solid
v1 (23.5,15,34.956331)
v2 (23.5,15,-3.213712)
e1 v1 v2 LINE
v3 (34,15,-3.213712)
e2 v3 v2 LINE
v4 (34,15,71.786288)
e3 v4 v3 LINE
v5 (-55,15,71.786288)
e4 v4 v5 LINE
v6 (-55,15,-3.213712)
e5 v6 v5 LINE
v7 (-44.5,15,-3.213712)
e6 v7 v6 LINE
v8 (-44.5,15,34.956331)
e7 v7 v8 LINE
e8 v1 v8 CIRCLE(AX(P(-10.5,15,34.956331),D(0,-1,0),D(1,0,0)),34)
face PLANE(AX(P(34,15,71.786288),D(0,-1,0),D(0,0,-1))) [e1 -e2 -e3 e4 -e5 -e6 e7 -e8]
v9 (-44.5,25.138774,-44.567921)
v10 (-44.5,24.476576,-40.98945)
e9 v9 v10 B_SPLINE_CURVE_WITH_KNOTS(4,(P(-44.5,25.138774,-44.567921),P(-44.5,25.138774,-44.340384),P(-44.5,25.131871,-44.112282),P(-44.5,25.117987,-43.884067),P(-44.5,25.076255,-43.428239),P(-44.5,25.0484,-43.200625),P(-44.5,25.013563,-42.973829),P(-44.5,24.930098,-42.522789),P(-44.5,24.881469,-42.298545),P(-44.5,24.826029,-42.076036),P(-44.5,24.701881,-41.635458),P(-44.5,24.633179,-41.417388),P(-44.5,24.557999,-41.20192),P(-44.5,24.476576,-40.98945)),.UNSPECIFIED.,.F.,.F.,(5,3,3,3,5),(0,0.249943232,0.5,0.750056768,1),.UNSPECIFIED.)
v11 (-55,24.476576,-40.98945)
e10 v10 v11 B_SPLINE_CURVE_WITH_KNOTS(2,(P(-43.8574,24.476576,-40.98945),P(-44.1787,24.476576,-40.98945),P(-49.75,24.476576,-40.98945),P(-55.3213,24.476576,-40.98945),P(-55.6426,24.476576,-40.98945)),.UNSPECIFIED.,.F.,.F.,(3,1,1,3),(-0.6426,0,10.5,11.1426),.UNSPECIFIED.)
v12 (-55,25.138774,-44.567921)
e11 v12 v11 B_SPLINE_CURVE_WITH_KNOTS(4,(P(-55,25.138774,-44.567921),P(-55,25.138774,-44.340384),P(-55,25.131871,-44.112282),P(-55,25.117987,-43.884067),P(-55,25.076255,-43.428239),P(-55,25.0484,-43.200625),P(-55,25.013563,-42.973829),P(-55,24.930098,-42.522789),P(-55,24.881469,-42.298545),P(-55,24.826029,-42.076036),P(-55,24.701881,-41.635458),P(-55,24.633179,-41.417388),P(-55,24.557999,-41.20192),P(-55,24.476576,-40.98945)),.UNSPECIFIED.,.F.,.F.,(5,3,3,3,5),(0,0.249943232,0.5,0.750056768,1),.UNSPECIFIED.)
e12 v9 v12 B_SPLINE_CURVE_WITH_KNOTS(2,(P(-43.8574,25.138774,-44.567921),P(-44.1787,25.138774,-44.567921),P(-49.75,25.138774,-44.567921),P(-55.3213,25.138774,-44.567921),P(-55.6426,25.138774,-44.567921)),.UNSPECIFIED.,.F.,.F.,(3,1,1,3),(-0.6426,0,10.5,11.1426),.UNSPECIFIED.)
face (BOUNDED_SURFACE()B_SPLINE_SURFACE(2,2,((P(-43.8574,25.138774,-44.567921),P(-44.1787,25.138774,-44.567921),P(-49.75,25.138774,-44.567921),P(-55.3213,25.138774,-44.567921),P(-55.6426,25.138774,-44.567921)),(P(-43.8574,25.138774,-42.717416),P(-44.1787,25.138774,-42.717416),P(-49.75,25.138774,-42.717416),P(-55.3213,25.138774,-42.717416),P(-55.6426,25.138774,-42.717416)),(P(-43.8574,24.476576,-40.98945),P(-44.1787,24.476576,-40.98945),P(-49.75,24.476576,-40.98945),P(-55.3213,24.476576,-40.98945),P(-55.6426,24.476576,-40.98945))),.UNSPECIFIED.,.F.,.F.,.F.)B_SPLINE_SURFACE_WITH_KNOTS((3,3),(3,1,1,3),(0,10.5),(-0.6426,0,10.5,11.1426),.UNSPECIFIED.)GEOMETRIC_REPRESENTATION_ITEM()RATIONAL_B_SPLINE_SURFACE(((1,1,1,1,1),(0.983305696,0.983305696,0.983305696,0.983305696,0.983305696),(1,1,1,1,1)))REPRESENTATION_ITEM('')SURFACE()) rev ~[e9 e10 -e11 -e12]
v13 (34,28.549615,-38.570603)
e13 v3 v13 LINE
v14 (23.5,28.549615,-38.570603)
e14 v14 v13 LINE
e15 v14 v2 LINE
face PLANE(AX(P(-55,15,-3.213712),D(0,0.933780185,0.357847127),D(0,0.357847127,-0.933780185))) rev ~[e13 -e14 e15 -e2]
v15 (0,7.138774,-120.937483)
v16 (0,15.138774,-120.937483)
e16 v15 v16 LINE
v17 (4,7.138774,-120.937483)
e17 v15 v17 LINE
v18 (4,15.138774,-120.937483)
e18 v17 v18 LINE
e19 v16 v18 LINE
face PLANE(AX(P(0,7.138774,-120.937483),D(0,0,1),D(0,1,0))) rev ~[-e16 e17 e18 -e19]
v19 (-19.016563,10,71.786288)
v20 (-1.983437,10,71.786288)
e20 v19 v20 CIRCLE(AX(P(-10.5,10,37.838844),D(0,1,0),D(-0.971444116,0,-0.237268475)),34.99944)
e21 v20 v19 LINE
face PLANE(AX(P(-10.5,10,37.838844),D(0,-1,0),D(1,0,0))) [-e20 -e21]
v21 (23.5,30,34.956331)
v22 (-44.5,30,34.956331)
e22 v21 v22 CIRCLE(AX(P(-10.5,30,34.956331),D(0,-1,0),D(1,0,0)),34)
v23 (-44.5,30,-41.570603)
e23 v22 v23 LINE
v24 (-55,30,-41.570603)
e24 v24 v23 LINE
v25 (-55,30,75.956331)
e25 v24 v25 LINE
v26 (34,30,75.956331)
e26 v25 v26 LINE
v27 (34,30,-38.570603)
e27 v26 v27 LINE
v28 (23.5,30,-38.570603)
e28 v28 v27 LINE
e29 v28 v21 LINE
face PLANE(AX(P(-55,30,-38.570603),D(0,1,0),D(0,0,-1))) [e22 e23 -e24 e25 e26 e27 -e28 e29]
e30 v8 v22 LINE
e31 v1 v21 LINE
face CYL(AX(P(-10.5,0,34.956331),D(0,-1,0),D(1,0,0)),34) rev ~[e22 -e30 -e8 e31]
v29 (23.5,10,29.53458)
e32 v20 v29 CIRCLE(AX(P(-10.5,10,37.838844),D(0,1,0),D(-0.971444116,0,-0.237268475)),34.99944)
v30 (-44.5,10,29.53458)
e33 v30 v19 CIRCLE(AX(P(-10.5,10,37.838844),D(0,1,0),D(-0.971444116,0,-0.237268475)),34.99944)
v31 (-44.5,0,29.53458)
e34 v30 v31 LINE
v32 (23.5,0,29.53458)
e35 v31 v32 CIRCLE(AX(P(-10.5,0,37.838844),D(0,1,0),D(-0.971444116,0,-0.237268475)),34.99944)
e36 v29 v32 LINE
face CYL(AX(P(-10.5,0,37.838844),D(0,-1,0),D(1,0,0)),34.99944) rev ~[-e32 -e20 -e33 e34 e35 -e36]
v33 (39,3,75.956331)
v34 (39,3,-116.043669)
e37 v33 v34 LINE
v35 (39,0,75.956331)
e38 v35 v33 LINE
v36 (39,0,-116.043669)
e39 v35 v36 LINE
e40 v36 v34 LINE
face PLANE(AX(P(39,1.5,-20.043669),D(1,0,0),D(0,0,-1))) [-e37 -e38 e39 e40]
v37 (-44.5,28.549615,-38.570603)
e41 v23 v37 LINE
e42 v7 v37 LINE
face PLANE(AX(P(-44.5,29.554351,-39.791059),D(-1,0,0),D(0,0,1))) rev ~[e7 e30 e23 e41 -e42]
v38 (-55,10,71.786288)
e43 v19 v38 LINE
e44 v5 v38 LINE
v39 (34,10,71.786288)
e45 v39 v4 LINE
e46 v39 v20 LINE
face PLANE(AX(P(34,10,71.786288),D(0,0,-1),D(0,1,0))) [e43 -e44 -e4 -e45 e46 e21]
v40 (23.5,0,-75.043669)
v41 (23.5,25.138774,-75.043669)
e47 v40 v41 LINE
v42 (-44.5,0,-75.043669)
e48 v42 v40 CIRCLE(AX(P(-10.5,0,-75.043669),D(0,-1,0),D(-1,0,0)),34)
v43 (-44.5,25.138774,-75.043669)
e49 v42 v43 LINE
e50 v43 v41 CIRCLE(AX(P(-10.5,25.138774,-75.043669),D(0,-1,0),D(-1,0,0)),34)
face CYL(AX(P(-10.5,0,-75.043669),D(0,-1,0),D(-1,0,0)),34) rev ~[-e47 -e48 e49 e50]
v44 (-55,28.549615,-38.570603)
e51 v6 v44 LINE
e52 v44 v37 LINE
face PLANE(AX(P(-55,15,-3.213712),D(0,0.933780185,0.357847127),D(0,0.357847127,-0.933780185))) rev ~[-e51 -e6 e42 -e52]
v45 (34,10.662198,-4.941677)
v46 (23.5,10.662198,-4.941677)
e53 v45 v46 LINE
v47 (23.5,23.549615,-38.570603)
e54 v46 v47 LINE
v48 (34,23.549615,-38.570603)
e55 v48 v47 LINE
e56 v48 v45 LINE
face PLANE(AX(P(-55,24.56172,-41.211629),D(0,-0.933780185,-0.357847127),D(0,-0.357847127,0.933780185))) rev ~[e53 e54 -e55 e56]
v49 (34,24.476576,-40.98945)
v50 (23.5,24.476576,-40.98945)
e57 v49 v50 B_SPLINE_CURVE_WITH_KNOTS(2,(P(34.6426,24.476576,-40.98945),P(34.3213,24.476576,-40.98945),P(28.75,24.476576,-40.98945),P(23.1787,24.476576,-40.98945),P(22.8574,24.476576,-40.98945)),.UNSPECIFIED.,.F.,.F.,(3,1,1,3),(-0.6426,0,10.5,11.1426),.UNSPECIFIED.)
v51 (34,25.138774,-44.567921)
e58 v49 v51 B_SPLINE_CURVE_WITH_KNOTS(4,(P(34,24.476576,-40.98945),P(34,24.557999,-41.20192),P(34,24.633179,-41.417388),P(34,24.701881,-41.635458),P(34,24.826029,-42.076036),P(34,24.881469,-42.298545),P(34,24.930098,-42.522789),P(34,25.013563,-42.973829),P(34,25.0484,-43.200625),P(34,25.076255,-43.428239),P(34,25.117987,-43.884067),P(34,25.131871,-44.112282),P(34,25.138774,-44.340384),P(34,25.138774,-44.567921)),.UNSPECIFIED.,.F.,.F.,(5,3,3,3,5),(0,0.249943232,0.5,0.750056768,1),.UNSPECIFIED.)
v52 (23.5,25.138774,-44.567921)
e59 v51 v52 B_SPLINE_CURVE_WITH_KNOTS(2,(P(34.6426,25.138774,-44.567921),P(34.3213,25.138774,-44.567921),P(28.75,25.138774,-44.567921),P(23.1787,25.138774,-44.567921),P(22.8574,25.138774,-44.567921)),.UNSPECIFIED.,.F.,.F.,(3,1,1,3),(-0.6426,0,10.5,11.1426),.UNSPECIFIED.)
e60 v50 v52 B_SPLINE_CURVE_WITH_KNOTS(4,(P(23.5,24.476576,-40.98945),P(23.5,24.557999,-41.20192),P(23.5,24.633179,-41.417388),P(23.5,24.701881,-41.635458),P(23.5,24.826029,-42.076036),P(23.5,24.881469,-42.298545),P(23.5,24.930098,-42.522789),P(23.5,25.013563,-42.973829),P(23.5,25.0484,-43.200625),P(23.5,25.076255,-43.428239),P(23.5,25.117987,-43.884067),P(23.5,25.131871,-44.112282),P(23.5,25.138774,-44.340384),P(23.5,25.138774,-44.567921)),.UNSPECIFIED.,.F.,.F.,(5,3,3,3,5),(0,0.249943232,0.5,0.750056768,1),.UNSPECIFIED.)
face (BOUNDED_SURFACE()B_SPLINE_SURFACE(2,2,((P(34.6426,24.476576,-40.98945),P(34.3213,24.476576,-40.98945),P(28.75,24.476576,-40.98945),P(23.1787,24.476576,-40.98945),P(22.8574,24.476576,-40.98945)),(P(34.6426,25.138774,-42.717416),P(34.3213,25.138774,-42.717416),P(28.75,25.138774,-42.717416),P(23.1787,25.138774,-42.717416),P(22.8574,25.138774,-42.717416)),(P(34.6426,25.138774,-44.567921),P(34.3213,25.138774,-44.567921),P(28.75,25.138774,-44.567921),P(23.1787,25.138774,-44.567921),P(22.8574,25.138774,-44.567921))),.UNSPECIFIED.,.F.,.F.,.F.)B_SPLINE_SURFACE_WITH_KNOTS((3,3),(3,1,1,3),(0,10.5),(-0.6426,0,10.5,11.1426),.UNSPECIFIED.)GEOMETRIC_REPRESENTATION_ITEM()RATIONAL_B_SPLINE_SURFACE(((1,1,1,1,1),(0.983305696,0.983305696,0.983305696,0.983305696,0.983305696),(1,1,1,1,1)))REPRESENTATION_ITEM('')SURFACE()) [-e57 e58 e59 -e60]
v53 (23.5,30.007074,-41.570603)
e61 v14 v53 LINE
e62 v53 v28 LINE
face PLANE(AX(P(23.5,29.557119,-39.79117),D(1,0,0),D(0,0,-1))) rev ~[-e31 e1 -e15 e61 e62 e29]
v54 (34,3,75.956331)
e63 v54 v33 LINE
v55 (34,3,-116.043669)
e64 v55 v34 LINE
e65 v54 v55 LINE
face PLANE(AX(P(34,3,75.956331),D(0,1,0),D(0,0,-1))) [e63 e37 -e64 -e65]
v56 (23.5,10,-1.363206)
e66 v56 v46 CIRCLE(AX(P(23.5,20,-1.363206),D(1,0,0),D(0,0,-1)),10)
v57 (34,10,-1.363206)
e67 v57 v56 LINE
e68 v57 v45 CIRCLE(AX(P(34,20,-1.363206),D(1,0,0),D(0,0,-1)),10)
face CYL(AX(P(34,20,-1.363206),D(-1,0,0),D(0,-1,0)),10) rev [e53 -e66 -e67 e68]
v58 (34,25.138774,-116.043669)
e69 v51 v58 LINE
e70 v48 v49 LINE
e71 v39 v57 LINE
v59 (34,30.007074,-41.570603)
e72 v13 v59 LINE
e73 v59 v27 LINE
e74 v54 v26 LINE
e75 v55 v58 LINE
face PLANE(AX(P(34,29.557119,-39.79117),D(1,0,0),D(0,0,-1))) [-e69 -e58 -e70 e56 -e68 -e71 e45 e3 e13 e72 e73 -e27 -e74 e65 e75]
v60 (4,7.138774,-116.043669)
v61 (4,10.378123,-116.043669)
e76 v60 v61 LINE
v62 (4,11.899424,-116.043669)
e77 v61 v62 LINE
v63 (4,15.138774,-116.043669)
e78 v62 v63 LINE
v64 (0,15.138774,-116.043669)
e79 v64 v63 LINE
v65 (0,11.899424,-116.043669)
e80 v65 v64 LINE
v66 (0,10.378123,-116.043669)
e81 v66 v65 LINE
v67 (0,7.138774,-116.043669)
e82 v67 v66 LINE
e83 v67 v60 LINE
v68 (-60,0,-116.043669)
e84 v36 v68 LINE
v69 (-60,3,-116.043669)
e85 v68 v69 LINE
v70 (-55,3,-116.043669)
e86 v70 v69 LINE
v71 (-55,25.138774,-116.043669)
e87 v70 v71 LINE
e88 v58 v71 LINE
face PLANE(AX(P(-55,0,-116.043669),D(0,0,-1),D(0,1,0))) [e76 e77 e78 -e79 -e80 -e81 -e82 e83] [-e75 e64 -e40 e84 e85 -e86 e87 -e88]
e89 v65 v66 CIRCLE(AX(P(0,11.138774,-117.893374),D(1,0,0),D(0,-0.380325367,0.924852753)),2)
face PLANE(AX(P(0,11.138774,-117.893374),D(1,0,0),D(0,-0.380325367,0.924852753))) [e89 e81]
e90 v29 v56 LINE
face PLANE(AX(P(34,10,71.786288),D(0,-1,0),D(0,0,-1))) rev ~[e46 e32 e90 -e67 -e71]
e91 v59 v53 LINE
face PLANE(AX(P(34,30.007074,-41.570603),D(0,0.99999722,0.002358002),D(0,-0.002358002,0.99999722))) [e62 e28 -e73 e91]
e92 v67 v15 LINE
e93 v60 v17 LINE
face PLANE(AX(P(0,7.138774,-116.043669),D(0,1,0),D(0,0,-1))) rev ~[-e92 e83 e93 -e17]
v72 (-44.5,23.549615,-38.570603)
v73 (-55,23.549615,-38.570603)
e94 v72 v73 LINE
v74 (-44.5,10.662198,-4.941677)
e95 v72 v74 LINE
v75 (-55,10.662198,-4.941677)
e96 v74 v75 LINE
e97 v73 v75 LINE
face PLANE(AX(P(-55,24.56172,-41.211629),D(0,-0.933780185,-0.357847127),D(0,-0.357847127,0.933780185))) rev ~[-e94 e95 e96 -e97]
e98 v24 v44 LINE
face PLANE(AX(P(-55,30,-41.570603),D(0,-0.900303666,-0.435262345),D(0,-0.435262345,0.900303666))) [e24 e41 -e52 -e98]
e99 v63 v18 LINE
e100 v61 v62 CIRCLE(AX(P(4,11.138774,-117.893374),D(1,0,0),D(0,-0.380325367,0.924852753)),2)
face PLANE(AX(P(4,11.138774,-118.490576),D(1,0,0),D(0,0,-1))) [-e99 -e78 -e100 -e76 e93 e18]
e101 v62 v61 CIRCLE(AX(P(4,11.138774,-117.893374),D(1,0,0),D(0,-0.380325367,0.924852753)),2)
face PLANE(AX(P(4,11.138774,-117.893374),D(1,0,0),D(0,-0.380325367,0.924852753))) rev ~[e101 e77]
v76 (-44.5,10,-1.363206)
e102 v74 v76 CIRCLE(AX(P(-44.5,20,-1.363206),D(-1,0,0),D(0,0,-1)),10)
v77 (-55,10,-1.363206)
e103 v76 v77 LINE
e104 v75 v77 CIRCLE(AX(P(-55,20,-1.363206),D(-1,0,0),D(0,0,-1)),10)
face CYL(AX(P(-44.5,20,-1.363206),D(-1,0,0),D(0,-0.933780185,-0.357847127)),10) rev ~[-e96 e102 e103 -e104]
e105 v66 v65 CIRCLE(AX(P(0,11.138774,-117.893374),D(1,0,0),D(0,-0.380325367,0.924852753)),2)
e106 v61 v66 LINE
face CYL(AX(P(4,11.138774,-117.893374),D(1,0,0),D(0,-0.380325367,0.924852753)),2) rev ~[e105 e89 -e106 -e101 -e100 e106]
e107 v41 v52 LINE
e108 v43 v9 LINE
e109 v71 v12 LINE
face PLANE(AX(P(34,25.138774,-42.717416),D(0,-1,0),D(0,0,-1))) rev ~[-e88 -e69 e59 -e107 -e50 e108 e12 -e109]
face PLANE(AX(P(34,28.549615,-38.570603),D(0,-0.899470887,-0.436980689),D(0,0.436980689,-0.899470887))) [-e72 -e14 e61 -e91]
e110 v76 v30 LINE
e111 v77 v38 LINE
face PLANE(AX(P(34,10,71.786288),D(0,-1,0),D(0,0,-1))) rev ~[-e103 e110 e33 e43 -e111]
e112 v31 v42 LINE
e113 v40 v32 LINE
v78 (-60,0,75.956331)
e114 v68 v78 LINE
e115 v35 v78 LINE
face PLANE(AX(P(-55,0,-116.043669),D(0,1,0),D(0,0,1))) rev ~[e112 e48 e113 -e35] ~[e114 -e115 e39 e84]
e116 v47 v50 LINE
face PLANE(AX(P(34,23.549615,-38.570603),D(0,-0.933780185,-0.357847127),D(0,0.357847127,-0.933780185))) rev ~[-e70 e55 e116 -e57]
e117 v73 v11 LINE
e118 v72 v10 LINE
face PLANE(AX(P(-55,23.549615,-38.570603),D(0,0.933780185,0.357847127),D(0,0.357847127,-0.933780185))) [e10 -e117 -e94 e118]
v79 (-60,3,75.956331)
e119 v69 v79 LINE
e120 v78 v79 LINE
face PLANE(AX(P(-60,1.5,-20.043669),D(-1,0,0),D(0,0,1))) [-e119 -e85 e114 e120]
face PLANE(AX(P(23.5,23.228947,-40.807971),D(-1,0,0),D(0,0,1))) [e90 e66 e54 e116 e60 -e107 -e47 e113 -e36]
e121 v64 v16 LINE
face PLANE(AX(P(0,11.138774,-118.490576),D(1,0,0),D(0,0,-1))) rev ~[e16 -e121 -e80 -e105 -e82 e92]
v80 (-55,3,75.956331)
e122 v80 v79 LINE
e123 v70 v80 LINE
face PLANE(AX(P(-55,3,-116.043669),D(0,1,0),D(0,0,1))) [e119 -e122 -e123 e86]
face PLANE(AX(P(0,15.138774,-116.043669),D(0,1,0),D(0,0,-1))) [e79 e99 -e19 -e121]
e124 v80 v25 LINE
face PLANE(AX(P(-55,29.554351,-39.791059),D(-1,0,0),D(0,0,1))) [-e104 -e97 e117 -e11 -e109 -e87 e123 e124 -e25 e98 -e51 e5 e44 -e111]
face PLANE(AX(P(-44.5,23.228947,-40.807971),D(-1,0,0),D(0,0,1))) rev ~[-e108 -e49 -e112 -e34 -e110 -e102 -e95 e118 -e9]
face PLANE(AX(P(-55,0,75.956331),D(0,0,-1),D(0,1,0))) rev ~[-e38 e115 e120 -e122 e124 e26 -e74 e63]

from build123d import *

# Parameters (mm, degrees)
SKETCH1_W            = 89
SKETCH1_H            = 192
BOSS_EXTRUDE1_DEPTH  = 30
SKETCH2_R            = 34.99943994
CUT_EXTRUDE1_DEPTH   = 10
SKETCH3_W            = 75
SKETCH3_H            = 5
CUT_EXTRUDE2_DEPTH   = 102
CUT_EXTRUDE4_DEPTH   = 102
SKETCH6_W            = 10.5
SKETCH6_H            = 4
CUT_EXTRUDE7_DEPTH   = 8
BOSS_EXTRUDE2_DEPTH  = 10.5
CUT_EXTRUDE8_DEPTH   = 20.767757578
BOSS_EXTRUDE3_DEPTH  = 10.5
CUT_EXTRUDE9_DEPTH   = 22.812544275
BOSS_EXTRUDE6_DEPTH  = 10.5
BOSS_EXTRUDE7_DEPTH  = 10.5
FILLET1_R            = 10
FILLET2_R            = 10
FILLET3_R            = 10
FILLET4_R            = 10
CUT_EXTRUDE11_DEPTH  = 99
SKETCH15_W           = 7.554212703
SKETCH15_H           = 3.259234926
CUT_EXTRUDE12_DEPTH  = 99
FILLET5_R            = 10
SKETCH16_W           = 4.893814379
SKETCH16_H           = 8
BOSS_EXTRUDE8_DEPTH  = 4
SKETCH17_R           = 2
CUT_EXTRUDE13_DEPTH  = 4
SKETCH18_W           = 192
SKETCH18_H           = 3
BOSS_EXTRUDE9_DEPTH  = 5
SKETCH19_W           = 192
SKETCH19_H           = 3
BOSS_EXTRUDE10_DEPTH = 5


with BuildPart() as part:
    # Sketch1 → Boss-Extrude1 (new body)
    with BuildSketch(Plane(origin=(0, 0, 0), x_dir=(1, 0, 0), z_dir=(0, 1, 0))):
        with Locations((-10.5, 20.043668932)):
            Rectangle(SKETCH1_W, SKETCH1_H)
        with BuildLine():
            Line((-44.5, -34.956331068), (-44.5, 75.043668932))
            ThreePointArc((-44.5, 75.043668932), (-10.5, 109.043668932), (23.5, 75.043668932))
            Line((23.5, 75.043668932), (23.5, -34.956331068))
            ThreePointArc((23.5, -34.956331068), (-10.5, -68.956331068), (-44.5, -34.956331068))
        make_face(mode=Mode.SUBTRACT)
    extrude(amount=BOSS_EXTRUDE1_DEPTH)

    # Sketch2 → Cut-Extrude1 (cut)
    with BuildSketch(Plane.XZ):
        with Locations((-10.5, 37.838844027)):
            Circle(SKETCH2_R)
    extrude(amount=-CUT_EXTRUDE1_DEPTH, mode=Mode.SUBTRACT)

    # Sketch3 → Cut-Extrude2 (cut)
    with BuildSketch(Plane(origin=(34, 0, 0), x_dir=(0, 0, -1), z_dir=(1, 0, 0))):
        with Locations((-34.286288065, 12.5)):
            Rectangle(SKETCH3_W, SKETCH3_H)
    extrude(amount=-CUT_EXTRUDE2_DEPTH, mode=Mode.SUBTRACT)

    # Sketch4 → Cut-Extrude4 (cut)
    with BuildSketch(Plane.ZY.offset(55)):
        Polygon((-40.970715348, 29.469395922), (-41.211628541, 24.561719678), (-3.213711935, 10), (-3.213711935, 15), align=None)
    extrude(amount=-CUT_EXTRUDE4_DEPTH, mode=Mode.SUBTRACT)

    # Sketch6 → Cut-Extrude7 (cut)
    with BuildSketch(Plane(origin=(0, 30, 0), x_dir=(1, 0, 0), z_dir=(0, 1, 0))):
        with Locations((-49.75, 40.570603007)):
            Rectangle(SKETCH6_W, SKETCH6_H)
        with Locations((28.75, 40.570603007)):
            Rectangle(SKETCH6_W, SKETCH6_H)
    extrude(amount=-CUT_EXTRUDE7_DEPTH, mode=Mode.SUBTRACT)

    # Sketch7 → Boss-Extrude2 (add)
    with BuildSketch(Plane.ZY.offset(55)):
        Polygon((-38.570603007, 23.549614886), (-42.570603007, 25.082511526), (-42.570603007, 22), (-38.570603007, 22), align=None)
    extrude(amount=-BOSS_EXTRUDE2_DEPTH)

    # Sketch8 → Cut-Extrude8 (cut)
    with BuildSketch(Plane.ZY.offset(55)):
        Polygon((-42.570603007, 25.082511526), (-55.402488324, 30), (-42.570603007, 30), align=None)
    extrude(amount=-CUT_EXTRUDE8_DEPTH, mode=Mode.SUBTRACT)

    # Sketch9 → Boss-Extrude3 (add)
    with BuildSketch(Plane(origin=(34, 0, 0), x_dir=(0, 0, -1), z_dir=(1, 0, 0))):
        Polygon((38.570603007, 23.549614886), (42.570603007, 25.082511526), (42.570603007, 22), (38.570603007, 22), align=None)
    extrude(amount=-BOSS_EXTRUDE3_DEPTH)

    # Sketch10 → Cut-Extrude9 (cut)
    with BuildSketch(Plane(origin=(34, 0, 0), x_dir=(0, 0, -1), z_dir=(1, 0, 0))):
        Polygon((42.570603007, 25.082511526), (55.402488324, 30), (42.570603007, 30), align=None)
    extrude(amount=-CUT_EXTRUDE9_DEPTH, mode=Mode.SUBTRACT)

    # Sketch12 → Boss-Extrude6 (add)
    with BuildSketch(Plane.ZY.offset(55)):
        Polygon((-38.570603007, 30), (-41.570603007, 30), (-38.570603007, 28.549614886), align=None)
    extrude(amount=-BOSS_EXTRUDE6_DEPTH)

    # Sketch11 → Boss-Extrude7 (add)
    with BuildSketch(Plane(origin=(34, 0, 0), x_dir=(0, 0, -1), z_dir=(1, 0, 0))):
        Polygon((38.570603007, 28.549614886), (41.570603007, 30.007074027), (38.570603007, 30), align=None)
    extrude(amount=-BOSS_EXTRUDE7_DEPTH)

    # Fillet1
    fillet1_edges = [part.edges().sort_by_distance(p)[0] for p in [
        (-49.75, 30, -55.402488324),
    ]]
    fillet(fillet1_edges, radius=FILLET1_R)

    # Fillet2
    fillet2_edges = [part.edges().sort_by_distance(p)[0] for p in [
        (28.75, 30, -55.402488324),
    ]]
    fillet(fillet2_edges, radius=FILLET2_R)

    # Fillet3
    fillet3_edges = [part.edges().sort_by_distance(p)[0] for p in [
        (-49.75, 10, -3.213711935),
    ]]
    fillet(fillet3_edges, radius=FILLET3_R)

    # Fillet4
    fillet4_edges = [part.edges().sort_by_distance(p)[0] for p in [
        (28.75, 10, -3.213711935),
    ]]
    fillet(fillet4_edges, radius=FILLET4_R)

    # Sketch14 → Cut-Extrude11 (cut)
    with BuildSketch(Plane(origin=(34, 0, 0), x_dir=(0, 0, -1), z_dir=(1, 0, 0))):
        Polygon((42.717415751, 25.138773717), (116.043668932, 25.138773717), (116.043668932, 30), (57.252994033, 30), (53.674522762, 29.337801849), align=None)
    extrude(amount=-CUT_EXTRUDE11_DEPTH, mode=Mode.SUBTRACT)


with BuildPart() as cut_extrude11_piece_1:
    # of the separate pieces the step leaves, piece 1, a body of its own (cut_extrude11_pieces)
    add(part.part.solids().sort_by_distance((23.5, 25.138773717, -42.717415751))[0])

    # Fillet5
    fillet5_edges = [cut_extrude11_piece_1.edges().sort_by_distance(p)[0] for p in [
        (-49.75, 25.138773717, -42.717415751),
        (28.75, 25.138773717, -42.717415751),
    ]]
    fillet(fillet5_edges, radius=FILLET5_R)

    # Sketch16 → Boss-Extrude8 (add)
    with BuildSketch(Plane(origin=(0, 0, 0), x_dir=(0, 0, -1), z_dir=(1, 0, 0))):
        with Locations((118.490576121, 11.138773717)):
            Rectangle(SKETCH16_W, SKETCH16_H)
    extrude(amount=BOSS_EXTRUDE8_DEPTH)

    # Sketch17 → Cut-Extrude13 (cut)
    with BuildSketch(Plane(origin=(4, 0, 0), x_dir=(0, 0, -1), z_dir=(1, 0, 0))):
        with Locations(Location((117.893374439, 11.138773717, 0), (0, 0, 202.353838102))):
            Circle(SKETCH17_R)
    extrude(amount=-CUT_EXTRUDE13_DEPTH, mode=Mode.SUBTRACT)

    # Sketch18 → Boss-Extrude9 (add)
    with BuildSketch(Plane(origin=(34, 0, 0), x_dir=(0, 0, -1), z_dir=(1, 0, 0))):
        with Locations((20.043668932, 1.5)):
            Rectangle(SKETCH18_W, SKETCH18_H)
    extrude(amount=BOSS_EXTRUDE9_DEPTH)

    # Sketch19 → Boss-Extrude10 (add)
    with BuildSketch(Plane.ZY.offset(55)):
        with Locations((-20.043668932, 1.5)):
            Rectangle(SKETCH19_W, SKETCH19_H)
    extrude(amount=BOSS_EXTRUDE10_DEPTH)


with BuildPart() as cut_extrude11_piece_2:
    # of the separate pieces the step leaves, piece 2, a body of its own (cut_extrude11_pieces)
    add(part.part.solids().sort_by_distance((23.5, 30, -57.252994033))[0])


with BuildPart() as cut_extrude11_piece_3:
    # of the separate pieces the step leaves, piece 3, a body of its own (cut_extrude11_pieces)
    add(part.part.solids().sort_by_distance((-55, 30, -57.252994033))[0])


with BuildPart() as cut_extrude12_tool:
    # Sketch15 → Cut-Extrude12 (new body)
    with BuildSketch(Plane(origin=(34, 0, 0), x_dir=(0, 0, -1), z_dir=(1, 0, 0))):
        with Locations((54.846987071, 29.864387296)):
            Rectangle(SKETCH15_W, SKETCH15_H)
    extrude(amount=-CUT_EXTRUDE12_DEPTH)


with BuildPart() as cut_extrude11_piece_2_1:
    add(cut_extrude11_piece_2.part)

    # Cut-Extrude12: cut by cut_extrude12_tool
    add(cut_extrude12_tool.part, mode=Mode.SUBTRACT)


with BuildPart() as cut_extrude11_piece_3_1:
    add(cut_extrude11_piece_3.part)

    # Cut-Extrude12: cut by cut_extrude12_tool
    add(cut_extrude12_tool.part, mode=Mode.SUBTRACT)


solid = cut_extrude11_piece_1.part
